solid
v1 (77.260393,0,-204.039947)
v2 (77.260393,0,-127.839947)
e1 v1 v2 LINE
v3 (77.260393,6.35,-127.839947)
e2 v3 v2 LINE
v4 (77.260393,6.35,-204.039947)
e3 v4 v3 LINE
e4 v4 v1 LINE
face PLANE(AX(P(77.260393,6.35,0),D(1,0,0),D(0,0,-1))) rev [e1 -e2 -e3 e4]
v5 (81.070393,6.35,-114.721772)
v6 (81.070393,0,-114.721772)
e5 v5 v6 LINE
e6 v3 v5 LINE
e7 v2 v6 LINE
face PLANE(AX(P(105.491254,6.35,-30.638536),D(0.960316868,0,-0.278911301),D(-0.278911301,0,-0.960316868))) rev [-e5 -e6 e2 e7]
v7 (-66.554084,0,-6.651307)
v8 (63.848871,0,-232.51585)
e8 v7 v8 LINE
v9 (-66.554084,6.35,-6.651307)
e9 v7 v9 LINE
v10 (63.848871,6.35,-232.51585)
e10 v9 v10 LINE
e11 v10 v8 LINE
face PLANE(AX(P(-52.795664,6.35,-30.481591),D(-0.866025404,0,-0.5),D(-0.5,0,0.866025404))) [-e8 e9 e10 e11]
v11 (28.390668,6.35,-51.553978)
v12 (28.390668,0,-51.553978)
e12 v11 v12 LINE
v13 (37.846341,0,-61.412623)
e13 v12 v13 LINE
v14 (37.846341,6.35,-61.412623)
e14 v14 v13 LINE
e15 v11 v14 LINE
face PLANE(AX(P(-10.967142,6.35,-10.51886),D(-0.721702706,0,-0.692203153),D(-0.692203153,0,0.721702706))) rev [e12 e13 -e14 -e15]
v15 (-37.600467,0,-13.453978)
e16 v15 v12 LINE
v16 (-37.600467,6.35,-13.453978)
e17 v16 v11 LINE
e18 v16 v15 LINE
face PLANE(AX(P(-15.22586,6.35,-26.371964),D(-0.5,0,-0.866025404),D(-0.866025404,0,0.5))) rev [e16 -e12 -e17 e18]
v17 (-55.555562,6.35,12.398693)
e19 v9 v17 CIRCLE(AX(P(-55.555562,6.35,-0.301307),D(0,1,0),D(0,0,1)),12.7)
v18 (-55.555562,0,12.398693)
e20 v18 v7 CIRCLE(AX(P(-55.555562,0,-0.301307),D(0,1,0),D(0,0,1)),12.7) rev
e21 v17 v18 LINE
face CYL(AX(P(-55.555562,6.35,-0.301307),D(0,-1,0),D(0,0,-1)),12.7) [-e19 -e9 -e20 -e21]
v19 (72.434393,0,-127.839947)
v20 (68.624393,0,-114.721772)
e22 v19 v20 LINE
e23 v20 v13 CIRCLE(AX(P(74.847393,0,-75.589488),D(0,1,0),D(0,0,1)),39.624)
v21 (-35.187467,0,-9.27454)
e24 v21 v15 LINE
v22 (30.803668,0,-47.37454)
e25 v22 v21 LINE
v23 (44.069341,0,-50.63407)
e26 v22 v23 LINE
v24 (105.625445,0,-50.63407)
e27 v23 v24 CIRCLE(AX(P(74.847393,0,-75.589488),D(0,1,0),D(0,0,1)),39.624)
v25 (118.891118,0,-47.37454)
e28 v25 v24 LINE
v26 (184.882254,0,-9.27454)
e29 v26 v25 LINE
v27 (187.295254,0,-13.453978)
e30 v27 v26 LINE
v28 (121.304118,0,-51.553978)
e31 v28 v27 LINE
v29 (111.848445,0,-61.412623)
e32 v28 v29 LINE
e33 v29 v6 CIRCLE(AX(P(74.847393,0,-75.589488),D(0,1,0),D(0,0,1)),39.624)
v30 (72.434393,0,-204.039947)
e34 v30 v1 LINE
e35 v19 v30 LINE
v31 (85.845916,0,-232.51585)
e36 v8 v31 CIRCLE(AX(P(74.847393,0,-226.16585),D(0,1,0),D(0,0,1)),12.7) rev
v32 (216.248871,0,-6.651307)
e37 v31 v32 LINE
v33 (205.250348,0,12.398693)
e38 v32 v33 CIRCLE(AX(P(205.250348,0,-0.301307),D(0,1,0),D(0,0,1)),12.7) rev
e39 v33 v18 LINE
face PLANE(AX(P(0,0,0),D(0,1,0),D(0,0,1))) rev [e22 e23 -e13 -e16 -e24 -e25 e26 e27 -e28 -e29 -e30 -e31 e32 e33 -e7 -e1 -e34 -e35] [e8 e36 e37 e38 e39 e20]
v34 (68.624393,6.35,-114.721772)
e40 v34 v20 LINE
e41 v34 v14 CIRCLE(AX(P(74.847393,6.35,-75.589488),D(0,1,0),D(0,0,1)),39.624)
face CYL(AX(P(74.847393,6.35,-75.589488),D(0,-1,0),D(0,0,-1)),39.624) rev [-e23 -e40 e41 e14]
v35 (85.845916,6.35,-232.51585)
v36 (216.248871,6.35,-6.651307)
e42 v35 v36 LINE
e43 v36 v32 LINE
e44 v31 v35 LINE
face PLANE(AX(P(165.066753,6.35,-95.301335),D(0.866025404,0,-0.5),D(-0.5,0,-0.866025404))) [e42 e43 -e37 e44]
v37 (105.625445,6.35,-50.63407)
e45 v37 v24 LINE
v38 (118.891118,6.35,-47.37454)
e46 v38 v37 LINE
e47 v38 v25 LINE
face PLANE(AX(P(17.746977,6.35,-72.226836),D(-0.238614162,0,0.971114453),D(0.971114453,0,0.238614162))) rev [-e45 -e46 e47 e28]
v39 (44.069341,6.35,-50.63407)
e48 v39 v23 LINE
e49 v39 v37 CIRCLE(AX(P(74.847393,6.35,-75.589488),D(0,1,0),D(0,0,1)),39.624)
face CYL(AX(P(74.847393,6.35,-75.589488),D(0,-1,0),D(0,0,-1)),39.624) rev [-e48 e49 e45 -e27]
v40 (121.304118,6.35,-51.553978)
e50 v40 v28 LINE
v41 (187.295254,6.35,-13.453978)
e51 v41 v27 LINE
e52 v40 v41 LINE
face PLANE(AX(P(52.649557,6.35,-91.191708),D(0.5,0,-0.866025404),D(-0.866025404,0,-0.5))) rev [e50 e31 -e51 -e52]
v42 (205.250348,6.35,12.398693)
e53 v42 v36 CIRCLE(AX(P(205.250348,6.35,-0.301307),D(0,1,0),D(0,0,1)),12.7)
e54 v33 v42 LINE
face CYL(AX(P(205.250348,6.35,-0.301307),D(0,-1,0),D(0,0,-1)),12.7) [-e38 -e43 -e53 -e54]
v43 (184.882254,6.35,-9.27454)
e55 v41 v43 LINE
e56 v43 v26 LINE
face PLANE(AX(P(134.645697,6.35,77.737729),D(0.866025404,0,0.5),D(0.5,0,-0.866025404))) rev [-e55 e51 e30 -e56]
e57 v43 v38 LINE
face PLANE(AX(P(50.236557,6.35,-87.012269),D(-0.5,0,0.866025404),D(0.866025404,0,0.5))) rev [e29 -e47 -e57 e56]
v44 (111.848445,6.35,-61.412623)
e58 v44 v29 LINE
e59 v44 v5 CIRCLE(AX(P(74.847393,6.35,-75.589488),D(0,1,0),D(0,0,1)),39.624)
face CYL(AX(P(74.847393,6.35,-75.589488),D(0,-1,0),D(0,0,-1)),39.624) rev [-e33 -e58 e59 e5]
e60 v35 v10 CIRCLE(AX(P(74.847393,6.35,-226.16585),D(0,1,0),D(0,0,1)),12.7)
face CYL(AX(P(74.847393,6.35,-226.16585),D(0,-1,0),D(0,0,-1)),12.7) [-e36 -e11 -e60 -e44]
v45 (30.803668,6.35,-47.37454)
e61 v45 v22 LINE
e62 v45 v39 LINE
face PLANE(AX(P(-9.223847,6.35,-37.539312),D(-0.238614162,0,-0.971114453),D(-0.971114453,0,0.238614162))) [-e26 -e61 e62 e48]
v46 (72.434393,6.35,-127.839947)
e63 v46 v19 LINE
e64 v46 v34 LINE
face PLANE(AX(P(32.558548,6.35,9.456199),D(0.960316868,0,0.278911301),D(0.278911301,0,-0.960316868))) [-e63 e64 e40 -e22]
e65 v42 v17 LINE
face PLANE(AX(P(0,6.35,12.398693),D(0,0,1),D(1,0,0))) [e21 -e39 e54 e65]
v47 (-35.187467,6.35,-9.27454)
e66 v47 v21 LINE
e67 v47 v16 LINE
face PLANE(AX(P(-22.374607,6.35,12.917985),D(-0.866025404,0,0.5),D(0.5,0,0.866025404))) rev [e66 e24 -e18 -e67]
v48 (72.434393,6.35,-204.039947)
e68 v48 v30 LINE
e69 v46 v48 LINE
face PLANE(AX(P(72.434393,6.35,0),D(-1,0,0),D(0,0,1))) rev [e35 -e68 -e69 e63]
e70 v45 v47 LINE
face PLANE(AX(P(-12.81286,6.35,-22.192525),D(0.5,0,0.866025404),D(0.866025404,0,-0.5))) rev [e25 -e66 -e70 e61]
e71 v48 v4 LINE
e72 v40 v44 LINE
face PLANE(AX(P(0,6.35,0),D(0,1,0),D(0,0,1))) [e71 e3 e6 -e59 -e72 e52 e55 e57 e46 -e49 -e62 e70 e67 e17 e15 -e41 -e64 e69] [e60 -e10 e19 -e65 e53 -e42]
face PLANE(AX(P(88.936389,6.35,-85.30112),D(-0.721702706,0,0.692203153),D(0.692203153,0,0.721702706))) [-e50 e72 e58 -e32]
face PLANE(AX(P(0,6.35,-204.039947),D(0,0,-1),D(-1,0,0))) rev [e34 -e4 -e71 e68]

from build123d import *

# Parameters (mm, degrees)
BOSS_EXTRUDE1_DEPTH = 6.35
FILLET1_R           = 12.7


with BuildPart() as part:
    # Sketch1 → Boss-Extrude1 (new body)
    with BuildSketch(Plane(origin=(0, 0, 0), x_dir=(1, 0, 0), z_dir=(0, 1, 0))):
        Polygon((74.847393185, 251.565850448), (-77.552606815, -12.398692626), (227.247393185, -12.398692626), align=None)
        with BuildLine():
            Line((68.624393185, 114.721772347), (72.434393185, 127.839947397))
            Line((72.434393185, 127.839947397), (72.434393185, 204.039947397))
            Line((72.434393185, 204.039947397), (77.260393185, 204.039947397))
            Line((77.260393185, 204.039947397), (77.260393185, 127.839947397))
            Line((77.260393185, 127.839947397), (81.070393185, 114.721772347))
            ThreePointArc((81.070393185, 114.721772347), (104.985753525, 101.313807865), (114.471393185, 75.589488399))
            ThreePointArc((114.471393185, 75.589488399), (113.810138601, 68.380754416), (111.848445192, 61.412622513))
            Line((111.848445192, 61.412622513), (121.304118037, 51.553978199))
            Line((121.304118037, 51.553978199), (187.295253805, 13.453978199))
            Line((187.295253805, 13.453978199), (184.882253805, 9.2745396))
            Line((184.882253805, 9.2745396), (118.891118037, 47.3745396))
            Line((118.891118037, 47.3745396), (105.625445192, 50.634070337))
            ThreePointArc((105.625445192, 50.634070337), (74.847393185, 35.965488399), (44.069341177, 50.634070337))
            Line((44.069341177, 50.634070337), (30.803668332, 47.3745396))
            Line((30.803668332, 47.3745396), (-35.187467436, 9.2745396))
            Line((-35.187467436, 9.2745396), (-37.600467436, 13.453978199))
            Line((-37.600467436, 13.453978199), (28.390668332, 51.553978199))
            Line((28.390668332, 51.553978199), (37.846341177, 61.412622512))
            ThreePointArc((37.846341177, 61.412622512), (40.532002585, 95.401488399), (68.624393185, 114.721772347))
        make_face(mode=Mode.SUBTRACT)
    extrude(amount=BOSS_EXTRUDE1_DEPTH)

    # Fillet1
    fillet1_edges = [part.edges().sort_by_distance(p)[0] for p in [
        (-77.552606815, 3.175, 12.398692626),
        (74.847393185, 3.175, -251.565850448),
        (227.247393185, 3.175, 12.398692626),
    ]]
    fillet(fillet1_edges, radius=FILLET1_R)


solid = part.part
